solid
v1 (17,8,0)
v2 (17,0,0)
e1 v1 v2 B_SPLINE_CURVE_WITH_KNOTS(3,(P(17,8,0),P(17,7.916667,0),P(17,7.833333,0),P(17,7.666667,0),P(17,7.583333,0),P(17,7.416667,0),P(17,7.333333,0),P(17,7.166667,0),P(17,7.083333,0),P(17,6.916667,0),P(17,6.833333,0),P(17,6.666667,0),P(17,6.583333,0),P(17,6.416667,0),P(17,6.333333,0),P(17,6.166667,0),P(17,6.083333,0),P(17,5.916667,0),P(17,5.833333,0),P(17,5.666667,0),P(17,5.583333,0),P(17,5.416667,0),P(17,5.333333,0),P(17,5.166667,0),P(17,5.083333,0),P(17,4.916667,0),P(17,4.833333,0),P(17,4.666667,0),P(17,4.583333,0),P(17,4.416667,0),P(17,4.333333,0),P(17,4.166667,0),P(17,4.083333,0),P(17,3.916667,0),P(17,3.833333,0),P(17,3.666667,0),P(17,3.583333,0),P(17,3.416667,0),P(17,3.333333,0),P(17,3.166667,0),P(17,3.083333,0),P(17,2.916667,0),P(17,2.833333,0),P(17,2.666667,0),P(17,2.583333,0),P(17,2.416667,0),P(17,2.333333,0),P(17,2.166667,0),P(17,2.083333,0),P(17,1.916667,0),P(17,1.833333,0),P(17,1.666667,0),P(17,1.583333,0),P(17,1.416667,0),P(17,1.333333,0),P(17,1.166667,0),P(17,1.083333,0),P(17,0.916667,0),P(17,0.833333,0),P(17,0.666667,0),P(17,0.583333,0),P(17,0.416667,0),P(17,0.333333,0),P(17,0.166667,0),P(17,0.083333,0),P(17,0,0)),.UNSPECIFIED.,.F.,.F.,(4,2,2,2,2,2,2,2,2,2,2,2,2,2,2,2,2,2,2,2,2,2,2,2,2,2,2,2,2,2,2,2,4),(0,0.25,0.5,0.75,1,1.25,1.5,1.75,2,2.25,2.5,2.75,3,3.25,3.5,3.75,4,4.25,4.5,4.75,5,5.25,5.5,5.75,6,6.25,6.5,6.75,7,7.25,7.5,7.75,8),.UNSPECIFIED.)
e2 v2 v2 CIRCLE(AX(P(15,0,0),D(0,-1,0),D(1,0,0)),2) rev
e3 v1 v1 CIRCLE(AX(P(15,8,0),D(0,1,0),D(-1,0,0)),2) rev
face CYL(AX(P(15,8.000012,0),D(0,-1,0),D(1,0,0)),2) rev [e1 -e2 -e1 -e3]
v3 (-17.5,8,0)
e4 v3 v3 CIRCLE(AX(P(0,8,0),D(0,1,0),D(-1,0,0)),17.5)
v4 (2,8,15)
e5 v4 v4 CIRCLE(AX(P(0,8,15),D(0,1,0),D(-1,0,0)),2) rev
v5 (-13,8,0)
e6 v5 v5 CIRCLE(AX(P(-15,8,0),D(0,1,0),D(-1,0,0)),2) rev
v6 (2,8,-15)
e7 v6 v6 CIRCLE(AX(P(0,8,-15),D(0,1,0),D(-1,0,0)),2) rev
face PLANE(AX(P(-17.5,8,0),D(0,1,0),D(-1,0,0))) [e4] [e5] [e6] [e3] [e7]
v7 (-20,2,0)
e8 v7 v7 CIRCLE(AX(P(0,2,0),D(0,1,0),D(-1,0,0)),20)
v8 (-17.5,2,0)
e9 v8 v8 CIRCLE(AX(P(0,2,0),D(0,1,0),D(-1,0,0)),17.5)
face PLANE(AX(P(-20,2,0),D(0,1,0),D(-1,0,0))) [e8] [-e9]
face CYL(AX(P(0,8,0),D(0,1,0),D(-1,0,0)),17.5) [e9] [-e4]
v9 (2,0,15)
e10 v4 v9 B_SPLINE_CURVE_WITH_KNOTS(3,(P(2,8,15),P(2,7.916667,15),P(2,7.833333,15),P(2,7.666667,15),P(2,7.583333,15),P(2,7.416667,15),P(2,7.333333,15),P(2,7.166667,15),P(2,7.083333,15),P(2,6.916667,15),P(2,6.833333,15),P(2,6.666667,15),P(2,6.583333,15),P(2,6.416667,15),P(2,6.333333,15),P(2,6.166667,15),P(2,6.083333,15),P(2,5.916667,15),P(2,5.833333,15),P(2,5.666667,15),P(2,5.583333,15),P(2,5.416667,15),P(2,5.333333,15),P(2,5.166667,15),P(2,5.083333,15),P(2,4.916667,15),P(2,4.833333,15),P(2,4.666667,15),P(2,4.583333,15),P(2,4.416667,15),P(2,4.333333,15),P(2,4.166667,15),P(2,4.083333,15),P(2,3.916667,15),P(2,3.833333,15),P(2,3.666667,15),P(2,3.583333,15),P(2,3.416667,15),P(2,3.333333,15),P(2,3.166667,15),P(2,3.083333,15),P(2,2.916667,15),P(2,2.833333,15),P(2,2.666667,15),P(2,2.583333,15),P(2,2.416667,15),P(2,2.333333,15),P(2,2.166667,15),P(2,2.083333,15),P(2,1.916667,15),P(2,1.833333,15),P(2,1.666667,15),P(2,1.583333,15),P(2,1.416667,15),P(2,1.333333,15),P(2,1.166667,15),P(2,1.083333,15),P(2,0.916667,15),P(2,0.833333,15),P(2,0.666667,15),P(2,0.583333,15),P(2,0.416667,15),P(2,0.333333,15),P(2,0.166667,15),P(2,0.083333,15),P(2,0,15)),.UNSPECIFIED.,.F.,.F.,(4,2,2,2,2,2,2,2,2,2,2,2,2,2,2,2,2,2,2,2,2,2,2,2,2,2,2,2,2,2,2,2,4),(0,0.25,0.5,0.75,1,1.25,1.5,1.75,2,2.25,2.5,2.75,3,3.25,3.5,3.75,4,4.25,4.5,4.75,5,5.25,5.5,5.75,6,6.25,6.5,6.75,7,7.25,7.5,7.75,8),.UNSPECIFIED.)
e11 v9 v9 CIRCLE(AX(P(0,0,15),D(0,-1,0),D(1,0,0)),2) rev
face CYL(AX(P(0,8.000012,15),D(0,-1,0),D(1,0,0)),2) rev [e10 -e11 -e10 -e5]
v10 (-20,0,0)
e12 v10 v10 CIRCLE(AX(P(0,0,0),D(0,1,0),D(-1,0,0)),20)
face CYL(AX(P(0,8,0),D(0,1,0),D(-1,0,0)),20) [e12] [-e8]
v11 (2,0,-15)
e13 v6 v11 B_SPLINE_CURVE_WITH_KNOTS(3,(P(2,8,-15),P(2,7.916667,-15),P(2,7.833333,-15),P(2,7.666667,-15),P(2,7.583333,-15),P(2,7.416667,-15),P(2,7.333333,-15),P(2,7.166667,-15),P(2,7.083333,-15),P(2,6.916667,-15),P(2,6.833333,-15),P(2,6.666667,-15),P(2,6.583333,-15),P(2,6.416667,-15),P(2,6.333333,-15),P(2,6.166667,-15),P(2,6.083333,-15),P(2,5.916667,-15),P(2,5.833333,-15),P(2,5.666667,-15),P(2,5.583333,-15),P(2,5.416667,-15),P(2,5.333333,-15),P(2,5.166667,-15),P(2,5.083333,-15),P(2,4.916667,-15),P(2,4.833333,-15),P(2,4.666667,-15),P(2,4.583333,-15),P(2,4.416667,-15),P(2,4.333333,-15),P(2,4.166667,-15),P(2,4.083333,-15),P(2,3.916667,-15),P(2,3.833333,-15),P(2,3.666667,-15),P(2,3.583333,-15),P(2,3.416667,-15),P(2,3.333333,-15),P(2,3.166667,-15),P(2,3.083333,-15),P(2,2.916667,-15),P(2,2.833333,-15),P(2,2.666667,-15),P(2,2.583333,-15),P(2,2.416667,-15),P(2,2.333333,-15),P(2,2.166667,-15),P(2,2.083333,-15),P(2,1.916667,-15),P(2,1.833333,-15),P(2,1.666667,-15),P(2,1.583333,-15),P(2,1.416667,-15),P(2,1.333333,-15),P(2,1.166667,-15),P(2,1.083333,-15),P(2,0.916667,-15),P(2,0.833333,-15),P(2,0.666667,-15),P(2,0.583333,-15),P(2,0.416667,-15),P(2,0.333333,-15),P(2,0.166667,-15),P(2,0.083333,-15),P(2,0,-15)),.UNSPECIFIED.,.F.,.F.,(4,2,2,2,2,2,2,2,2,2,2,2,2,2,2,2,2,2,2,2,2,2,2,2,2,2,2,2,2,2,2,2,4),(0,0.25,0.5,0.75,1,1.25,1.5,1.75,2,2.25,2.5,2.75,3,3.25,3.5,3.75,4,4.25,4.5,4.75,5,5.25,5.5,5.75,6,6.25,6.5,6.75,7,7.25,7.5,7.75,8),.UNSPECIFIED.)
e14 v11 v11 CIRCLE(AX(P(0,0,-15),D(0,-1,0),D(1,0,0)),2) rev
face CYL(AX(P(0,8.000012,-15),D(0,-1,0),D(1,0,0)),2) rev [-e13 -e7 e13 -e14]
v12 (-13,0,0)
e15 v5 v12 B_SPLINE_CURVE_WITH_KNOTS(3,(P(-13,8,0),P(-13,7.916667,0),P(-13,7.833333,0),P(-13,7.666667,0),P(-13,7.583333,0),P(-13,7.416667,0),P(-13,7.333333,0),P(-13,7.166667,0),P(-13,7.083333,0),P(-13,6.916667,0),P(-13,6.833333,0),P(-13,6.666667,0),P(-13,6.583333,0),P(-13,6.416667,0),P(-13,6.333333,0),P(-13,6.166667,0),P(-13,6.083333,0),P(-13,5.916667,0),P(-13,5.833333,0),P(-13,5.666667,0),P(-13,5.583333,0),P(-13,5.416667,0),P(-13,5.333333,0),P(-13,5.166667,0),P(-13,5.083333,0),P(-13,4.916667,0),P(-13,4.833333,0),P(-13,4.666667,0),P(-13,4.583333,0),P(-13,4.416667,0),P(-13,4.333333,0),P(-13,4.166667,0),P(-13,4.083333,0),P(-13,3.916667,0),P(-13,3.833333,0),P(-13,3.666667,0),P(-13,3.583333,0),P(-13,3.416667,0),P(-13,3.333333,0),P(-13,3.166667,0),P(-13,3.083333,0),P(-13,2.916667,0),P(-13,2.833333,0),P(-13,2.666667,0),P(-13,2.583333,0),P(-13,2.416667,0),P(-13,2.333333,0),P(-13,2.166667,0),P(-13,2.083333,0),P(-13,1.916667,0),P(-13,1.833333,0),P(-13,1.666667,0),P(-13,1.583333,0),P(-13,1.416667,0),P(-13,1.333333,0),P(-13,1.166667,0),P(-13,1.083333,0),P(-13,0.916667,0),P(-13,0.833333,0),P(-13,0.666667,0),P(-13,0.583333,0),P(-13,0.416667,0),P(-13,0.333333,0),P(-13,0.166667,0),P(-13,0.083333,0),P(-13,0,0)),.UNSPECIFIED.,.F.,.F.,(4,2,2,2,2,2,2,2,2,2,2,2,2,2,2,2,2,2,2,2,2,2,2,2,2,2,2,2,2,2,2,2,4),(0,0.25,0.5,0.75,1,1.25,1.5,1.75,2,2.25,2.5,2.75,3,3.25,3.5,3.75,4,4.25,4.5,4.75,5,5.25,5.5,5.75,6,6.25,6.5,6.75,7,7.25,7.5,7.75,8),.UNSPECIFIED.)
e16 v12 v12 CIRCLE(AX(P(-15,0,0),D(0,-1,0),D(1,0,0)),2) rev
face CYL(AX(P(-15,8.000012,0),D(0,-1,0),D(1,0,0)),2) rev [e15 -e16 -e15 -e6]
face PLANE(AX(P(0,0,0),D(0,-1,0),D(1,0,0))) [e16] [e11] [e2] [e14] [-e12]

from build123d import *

# Parameters (mm, degrees)
CUT_EXTRUDE_1_REACH             = 31.394
SKETCH_3_R                      = 2
CUT_EXTRUDE_1_DIRECTION_2_DEPTH = 30.393876913


with BuildPart() as part:
    # 草图2 → 旋转1 (revolve)
    with BuildSketch(Plane.XY):
        Polygon((0, 0), (-20, 0), (-20, 2), (-17.5, 2), (-17.5, 8), (0, 8), align=None)
    revolve(axis=Axis((0, 8, 0), (0, -1, 0)))

    # 草图3 → 切除-拉伸1 (cut, up to next)
    with BuildSketch(Plane(origin=(0, 8, 0), x_dir=(1, 0, 0), z_dir=(0, 1, 0)), mode=Mode.PRIVATE) as cut_extrude_1_sk1:
        with Locations((0, 15)):
            Circle(SKETCH_3_R)
    cut_extrude_1_tool1 = extrude(cut_extrude_1_sk1.sketch, amount=-CUT_EXTRUDE_1_REACH, mode=Mode.PRIVATE) & part.part
    # 草图3 → 切除-拉伸1 (cut, up to next)
    with BuildSketch(Plane(origin=(0, 8, 0), x_dir=(1, 0, 0), z_dir=(0, 1, 0)), mode=Mode.PRIVATE) as cut_extrude_1_sk2:
        with Locations((15, 0)):
            Circle(SKETCH_3_R)
    cut_extrude_1_tool2 = extrude(cut_extrude_1_sk2.sketch, amount=-CUT_EXTRUDE_1_REACH, mode=Mode.PRIVATE) & part.part
    # 草图3 → 切除-拉伸1 (cut, up to next)
    with BuildSketch(Plane(origin=(0, 8, 0), x_dir=(1, 0, 0), z_dir=(0, 1, 0)), mode=Mode.PRIVATE) as cut_extrude_1_sk3:
        with Locations((0, -15)):
            Circle(SKETCH_3_R)
    cut_extrude_1_tool3 = extrude(cut_extrude_1_sk3.sketch, amount=-CUT_EXTRUDE_1_REACH, mode=Mode.PRIVATE) & part.part
    # 草图3 → 切除-拉伸1 (cut, up to next)
    with BuildSketch(Plane(origin=(0, 8, 0), x_dir=(1, 0, 0), z_dir=(0, 1, 0)), mode=Mode.PRIVATE) as cut_extrude_1_sk4:
        with Locations((-15, 0)):
            Circle(SKETCH_3_R)
    cut_extrude_1_tool4 = extrude(cut_extrude_1_sk4.sketch, amount=-CUT_EXTRUDE_1_REACH, mode=Mode.PRIVATE) & part.part
    add(cut_extrude_1_tool1.solids().sort_by_distance((0, 8, -15))[0], mode=Mode.SUBTRACT)
    add(cut_extrude_1_tool2.solids().sort_by_distance((15, 8, 0))[0], mode=Mode.SUBTRACT)
    add(cut_extrude_1_tool3.solids().sort_by_distance((0, 8, 15))[0], mode=Mode.SUBTRACT)
    add(cut_extrude_1_tool4.solids().sort_by_distance((-15, 8, 0))[0], mode=Mode.SUBTRACT)

    # 草图3 → 切除-拉伸1 direction 2 (cut)
    with BuildSketch(Plane(origin=(0, 8, 0), x_dir=(1, 0, 0), z_dir=(0, 1, 0))):
        with Locations((0, 15)):
            Circle(SKETCH_3_R)
        with Locations((15, 0)):
            Circle(SKETCH_3_R)
        with Locations((0, -15)):
            Circle(SKETCH_3_R)
        with Locations((-15, 0)):
            Circle(SKETCH_3_R)
    extrude(amount=CUT_EXTRUDE_1_DIRECTION_2_DEPTH, mode=Mode.SUBTRACT)


solid = part.part
